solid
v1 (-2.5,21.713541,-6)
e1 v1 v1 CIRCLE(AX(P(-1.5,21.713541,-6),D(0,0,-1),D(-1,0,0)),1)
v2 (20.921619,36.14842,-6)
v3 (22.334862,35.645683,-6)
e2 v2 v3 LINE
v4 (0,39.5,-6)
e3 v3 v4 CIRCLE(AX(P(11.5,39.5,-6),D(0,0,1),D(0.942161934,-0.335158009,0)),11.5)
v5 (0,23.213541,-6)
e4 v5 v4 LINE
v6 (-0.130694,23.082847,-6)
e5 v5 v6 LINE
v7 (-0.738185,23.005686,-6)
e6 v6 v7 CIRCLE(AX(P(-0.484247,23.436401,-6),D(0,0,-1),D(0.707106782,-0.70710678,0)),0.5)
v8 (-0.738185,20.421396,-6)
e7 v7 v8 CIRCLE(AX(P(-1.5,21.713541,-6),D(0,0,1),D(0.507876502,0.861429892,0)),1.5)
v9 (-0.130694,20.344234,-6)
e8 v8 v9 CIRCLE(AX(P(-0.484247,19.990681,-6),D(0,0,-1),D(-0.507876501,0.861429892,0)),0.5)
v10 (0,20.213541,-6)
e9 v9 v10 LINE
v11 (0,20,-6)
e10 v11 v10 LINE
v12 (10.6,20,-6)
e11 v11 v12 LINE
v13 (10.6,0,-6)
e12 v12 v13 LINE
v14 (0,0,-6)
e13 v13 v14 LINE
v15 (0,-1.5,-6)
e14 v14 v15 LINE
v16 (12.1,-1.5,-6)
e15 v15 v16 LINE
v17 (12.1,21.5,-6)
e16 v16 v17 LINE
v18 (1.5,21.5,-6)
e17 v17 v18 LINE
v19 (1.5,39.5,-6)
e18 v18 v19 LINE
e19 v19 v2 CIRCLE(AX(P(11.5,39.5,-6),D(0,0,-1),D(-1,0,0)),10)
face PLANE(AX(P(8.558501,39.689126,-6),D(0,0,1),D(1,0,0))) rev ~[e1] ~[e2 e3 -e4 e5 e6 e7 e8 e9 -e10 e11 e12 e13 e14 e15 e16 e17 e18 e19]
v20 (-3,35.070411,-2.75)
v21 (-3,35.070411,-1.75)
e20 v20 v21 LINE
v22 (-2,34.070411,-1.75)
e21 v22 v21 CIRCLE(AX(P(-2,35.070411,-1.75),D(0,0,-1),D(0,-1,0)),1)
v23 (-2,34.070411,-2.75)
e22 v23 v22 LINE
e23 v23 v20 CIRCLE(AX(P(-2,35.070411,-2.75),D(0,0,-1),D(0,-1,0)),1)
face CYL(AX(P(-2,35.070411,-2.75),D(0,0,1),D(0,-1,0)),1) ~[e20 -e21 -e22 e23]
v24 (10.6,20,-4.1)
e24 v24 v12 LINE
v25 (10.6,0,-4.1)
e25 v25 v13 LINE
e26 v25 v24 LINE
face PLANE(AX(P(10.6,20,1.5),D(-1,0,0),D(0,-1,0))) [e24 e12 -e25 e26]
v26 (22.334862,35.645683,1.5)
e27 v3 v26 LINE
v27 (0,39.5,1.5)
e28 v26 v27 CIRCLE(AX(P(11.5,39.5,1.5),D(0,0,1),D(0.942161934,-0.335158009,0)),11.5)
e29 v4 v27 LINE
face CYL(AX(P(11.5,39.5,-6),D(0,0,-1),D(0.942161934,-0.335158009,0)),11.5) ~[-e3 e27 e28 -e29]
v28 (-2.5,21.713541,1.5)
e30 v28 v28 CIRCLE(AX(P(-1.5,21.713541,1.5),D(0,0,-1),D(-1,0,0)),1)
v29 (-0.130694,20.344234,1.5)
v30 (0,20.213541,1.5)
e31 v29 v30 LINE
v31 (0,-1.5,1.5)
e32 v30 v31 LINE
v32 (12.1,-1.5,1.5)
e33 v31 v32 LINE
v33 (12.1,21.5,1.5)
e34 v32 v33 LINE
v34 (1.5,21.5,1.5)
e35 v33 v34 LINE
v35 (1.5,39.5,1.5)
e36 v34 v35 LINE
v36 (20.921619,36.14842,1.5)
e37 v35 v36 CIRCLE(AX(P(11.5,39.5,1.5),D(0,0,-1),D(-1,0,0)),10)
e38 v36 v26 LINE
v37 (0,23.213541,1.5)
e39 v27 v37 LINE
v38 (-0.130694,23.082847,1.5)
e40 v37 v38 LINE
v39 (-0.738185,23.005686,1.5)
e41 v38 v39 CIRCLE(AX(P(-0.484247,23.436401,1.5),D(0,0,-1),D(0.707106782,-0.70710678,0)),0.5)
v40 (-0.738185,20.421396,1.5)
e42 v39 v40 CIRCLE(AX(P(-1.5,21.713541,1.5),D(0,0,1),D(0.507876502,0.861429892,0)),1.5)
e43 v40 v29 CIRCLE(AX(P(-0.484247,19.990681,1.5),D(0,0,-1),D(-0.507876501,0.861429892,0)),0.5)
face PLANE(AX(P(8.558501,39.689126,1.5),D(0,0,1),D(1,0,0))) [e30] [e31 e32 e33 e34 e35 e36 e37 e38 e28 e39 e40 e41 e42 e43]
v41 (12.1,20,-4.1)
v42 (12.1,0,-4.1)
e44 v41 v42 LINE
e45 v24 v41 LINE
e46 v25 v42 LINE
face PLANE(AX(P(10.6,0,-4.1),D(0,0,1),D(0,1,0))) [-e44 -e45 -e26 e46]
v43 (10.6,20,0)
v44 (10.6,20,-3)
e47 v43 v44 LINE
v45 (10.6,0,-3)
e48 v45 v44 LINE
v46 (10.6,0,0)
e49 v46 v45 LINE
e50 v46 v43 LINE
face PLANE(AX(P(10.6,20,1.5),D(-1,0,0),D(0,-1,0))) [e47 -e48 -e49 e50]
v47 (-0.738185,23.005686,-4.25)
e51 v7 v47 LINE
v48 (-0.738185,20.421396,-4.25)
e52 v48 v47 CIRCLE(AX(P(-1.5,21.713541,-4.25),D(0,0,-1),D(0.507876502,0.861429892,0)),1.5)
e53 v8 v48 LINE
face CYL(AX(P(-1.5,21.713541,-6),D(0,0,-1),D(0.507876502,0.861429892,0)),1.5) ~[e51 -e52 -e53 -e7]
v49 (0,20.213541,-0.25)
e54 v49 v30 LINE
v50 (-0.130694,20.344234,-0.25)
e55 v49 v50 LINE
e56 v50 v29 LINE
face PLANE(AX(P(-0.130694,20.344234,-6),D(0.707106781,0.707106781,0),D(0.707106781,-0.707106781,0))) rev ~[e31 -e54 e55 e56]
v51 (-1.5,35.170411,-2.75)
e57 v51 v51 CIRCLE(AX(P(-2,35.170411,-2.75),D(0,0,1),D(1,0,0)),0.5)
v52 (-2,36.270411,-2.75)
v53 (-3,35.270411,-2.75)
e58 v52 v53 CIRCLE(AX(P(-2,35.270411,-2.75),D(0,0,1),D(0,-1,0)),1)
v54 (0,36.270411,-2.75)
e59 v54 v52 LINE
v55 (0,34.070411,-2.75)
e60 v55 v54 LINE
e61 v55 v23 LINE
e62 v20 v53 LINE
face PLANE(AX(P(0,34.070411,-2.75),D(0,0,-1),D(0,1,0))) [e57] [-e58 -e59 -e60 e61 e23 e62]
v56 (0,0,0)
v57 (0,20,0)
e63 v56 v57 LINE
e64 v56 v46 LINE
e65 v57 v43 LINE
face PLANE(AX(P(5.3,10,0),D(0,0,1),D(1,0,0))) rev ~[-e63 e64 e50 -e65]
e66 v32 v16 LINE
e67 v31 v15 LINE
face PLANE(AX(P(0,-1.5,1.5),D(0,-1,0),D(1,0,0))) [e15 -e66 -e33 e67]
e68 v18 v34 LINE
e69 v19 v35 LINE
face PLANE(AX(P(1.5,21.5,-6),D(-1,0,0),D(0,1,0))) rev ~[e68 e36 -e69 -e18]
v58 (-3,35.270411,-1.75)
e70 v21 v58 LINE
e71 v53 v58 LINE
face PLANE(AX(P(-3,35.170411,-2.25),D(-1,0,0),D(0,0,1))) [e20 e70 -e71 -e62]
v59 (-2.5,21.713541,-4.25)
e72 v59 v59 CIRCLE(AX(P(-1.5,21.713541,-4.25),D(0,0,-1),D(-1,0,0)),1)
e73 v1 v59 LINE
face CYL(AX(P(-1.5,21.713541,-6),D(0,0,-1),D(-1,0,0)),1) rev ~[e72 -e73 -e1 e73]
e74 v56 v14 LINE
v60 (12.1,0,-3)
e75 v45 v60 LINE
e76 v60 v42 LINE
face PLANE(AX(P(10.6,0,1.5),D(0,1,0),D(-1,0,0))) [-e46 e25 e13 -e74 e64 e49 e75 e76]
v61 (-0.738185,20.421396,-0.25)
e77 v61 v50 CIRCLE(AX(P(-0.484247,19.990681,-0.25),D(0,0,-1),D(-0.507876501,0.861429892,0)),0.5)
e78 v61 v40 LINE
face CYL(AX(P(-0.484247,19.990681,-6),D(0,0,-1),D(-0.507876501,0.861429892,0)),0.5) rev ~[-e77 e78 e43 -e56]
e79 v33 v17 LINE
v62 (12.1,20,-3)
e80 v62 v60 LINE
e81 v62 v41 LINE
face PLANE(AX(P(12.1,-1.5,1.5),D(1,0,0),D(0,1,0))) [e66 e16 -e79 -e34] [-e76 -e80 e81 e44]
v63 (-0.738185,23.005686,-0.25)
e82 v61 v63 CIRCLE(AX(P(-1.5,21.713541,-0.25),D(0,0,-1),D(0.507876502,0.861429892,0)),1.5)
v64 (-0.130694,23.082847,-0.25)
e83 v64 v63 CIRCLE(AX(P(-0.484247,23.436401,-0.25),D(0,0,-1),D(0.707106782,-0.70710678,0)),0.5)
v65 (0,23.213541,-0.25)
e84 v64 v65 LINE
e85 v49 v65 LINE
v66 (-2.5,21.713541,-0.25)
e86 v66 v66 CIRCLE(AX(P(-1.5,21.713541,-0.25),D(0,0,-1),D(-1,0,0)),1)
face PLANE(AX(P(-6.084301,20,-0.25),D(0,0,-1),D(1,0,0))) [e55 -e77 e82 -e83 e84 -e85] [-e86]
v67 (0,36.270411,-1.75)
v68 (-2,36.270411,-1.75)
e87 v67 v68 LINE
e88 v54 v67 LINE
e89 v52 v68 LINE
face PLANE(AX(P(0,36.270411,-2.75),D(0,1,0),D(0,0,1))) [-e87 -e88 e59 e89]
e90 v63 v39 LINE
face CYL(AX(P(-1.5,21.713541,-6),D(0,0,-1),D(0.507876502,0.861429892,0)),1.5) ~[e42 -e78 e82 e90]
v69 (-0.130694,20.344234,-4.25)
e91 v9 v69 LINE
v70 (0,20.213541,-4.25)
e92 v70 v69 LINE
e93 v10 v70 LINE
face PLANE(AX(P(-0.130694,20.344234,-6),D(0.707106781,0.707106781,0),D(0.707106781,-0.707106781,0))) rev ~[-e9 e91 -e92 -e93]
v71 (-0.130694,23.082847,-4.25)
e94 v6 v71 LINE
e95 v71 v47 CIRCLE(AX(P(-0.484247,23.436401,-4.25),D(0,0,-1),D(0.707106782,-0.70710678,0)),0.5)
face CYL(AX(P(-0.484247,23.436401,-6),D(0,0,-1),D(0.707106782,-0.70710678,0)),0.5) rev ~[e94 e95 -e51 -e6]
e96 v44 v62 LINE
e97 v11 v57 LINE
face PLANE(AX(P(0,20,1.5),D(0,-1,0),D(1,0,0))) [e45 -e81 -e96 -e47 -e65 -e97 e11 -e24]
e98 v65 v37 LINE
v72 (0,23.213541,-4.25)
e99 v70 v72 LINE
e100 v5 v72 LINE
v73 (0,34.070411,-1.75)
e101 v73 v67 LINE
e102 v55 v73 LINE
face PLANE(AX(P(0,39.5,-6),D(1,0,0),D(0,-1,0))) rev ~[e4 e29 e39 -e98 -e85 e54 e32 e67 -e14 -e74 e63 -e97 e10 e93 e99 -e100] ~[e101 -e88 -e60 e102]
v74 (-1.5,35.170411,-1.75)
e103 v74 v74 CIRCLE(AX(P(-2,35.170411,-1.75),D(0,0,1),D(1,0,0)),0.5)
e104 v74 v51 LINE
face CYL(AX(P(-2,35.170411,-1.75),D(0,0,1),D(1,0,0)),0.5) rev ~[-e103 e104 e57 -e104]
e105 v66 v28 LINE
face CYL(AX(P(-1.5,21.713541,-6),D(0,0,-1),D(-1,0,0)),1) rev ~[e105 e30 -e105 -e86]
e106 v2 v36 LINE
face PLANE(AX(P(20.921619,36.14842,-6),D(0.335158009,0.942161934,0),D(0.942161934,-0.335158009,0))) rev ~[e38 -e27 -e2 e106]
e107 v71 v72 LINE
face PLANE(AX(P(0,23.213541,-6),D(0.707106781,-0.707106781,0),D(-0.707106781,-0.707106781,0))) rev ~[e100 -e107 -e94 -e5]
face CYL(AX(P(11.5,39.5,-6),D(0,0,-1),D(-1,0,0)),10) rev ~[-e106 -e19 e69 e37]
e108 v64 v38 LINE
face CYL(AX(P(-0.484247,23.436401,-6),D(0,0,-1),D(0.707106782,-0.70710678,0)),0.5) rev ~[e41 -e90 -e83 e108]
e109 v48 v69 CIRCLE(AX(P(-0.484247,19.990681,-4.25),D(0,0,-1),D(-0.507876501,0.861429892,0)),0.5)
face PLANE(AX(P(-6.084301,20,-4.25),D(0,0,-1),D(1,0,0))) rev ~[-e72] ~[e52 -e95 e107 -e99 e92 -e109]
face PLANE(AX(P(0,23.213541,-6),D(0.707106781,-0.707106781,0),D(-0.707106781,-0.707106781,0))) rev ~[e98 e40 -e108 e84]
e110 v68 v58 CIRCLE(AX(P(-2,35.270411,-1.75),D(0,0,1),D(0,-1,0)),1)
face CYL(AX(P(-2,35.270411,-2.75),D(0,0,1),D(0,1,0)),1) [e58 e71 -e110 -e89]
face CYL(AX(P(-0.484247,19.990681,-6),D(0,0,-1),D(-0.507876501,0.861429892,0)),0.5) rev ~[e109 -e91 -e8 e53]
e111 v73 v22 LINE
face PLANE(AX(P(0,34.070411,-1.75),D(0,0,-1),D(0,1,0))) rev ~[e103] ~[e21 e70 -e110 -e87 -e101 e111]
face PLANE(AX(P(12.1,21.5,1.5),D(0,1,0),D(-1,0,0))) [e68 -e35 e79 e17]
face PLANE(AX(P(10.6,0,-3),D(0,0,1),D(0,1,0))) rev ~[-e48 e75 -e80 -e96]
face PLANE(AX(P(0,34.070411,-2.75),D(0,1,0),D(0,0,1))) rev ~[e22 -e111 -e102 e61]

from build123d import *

# Parameters (mm, degrees)
CROQUIS1_W              = 10.6
CROQUIS1_H              = 20
SALIENTE_EXTRUIR1_DEPTH = 1.5
SALIENTE_EXTRUIR2_DEPTH = 7.5
CROQUIS23_W             = 1.1
CROQUIS23_H             = 20
CORTAR_EXTRUIR1_DEPTH   = 25.710524074
SALIENTE_EXTRUIR3_DEPTH = 7.5
CROQUIS25_R             = 1
SALIENTE_EXTRUIR5_DEPTH = 7.5
CROQUIS26_W             = 6.08430057
CROQUIS26_H             = 4
CORTAR_EXTRUIR2_DEPTH   = 7.5
CROQUIS27_W             = 1
CROQUIS27_H             = 2.2
SALIENTE_EXTRUIR6_DEPTH = 3
REDONDEO1_R             = 1
CROQUIS28_R             = 0.5
CORTAR_EXTRUIR3_DEPTH   = 5


with BuildPart() as part:
    # Croquis1 → Saliente-Extruir1 (new body)
    with BuildSketch(Plane.XY):
        with Locations((5.3, 10)):
            Rectangle(CROQUIS1_W, CROQUIS1_H)
    extrude(amount=SALIENTE_EXTRUIR1_DEPTH)

    # Croquis22 → Saliente-Extruir2 (add)
    with BuildSketch(Plane.XY.offset(1.5)):
        Polygon((0, -1.5), (12.1, -1.5), (12.1, 21.5), (0, 21.5), (0, 20), (10.6, 20), (10.6, 0), (0, 0), align=None)
    extrude(amount=-SALIENTE_EXTRUIR2_DEPTH)

    # Croquis23 → Cortar-Extruir1 (cut, through all)
    with BuildSketch(Plane.ZY.offset(-10.6)):
        with Locations((-3.55, 10)):
            Rectangle(CROQUIS23_W, CROQUIS23_H)
    extrude(amount=-CORTAR_EXTRUIR1_DEPTH, mode=Mode.SUBTRACT)

    # Croquis24 → Saliente-Extruir3 (add)
    with BuildSketch(Plane(origin=(0, 0, -6), x_dir=(-1, 0, 0), z_dir=(0, 0, -1))):
        with BuildLine():
            Line((-1.5, 21.5), (-1.5, 39.5))
            ThreePointArc((-1.5, 39.5), (-13.200559707, 49.354344051), (-20.921619337, 36.148419914))
            Line((-20.921619337, 36.148419914), (-22.334862237, 35.645682901))
            ThreePointArc((-22.334862237, 35.645682901), (-13.455643663, 50.832495659), (0, 39.5))
            Line((0, 39.5), (0, 21.5))
            Line((0, 21.5), (-1.5, 21.5))
        make_face()
    extrude(amount=-SALIENTE_EXTRUIR3_DEPTH)

    # Croquis25 → Saliente-Extruir5 (add)
    with BuildSketch(Plane(origin=(0, 0, -6), x_dir=(-1, 0, 0), z_dir=(0, 0, -1))):
        with BuildLine():
            Line((0, 20.21354083), (0, 23.21354083))
            Line((0, 23.21354083), (0.130693606, 23.082847224))
            ThreePointArc((0.130693606, 23.082847224), (0.421244851, 22.940385766), (0.738185248, 23.005685668))
            ThreePointArc((0.738185248, 23.005685668), (3, 21.71354083), (0.738185248, 20.421395992))
            ThreePointArc((0.738185248, 20.421395992), (0.421244851, 20.486695894), (0.130693606, 20.344234436))
            Line((0.130693606, 20.344234436), (0, 20.21354083))
        make_face()
        with Locations((1.5, 21.71354083)):
            Circle(CROQUIS25_R, mode=Mode.SUBTRACT)
    extrude(amount=-SALIENTE_EXTRUIR5_DEPTH)

    # Croquis26 → Cortar-Extruir2 (cut)
    with BuildSketch(Plane.XZ.offset(-20)):
        with Locations((-3.042150285, -2.25)):
            Rectangle(CROQUIS26_W, CROQUIS26_H)
    extrude(amount=-CORTAR_EXTRUIR2_DEPTH, mode=Mode.SUBTRACT)

    # Croquis27 → Saliente-Extruir6 (add)
    with BuildSketch(Plane.ZY):
        with Locations((-2.25, 35.170410703)):
            Rectangle(CROQUIS27_W, CROQUIS27_H)
    extrude(amount=SALIENTE_EXTRUIR6_DEPTH)

    # Redondeo1
    redondeo1_edges = [part.edges().sort_by_distance(p)[0] for p in [
        (-3, 34.070410703, -2.25),
        (-3, 36.270410703, -2.25),
    ]]
    fillet(redondeo1_edges, radius=REDONDEO1_R)

    # Croquis28 → Cortar-Extruir3 (cut)
    with BuildSketch(Plane.XY.offset(-1.75)):
        with Locations((-2, 35.170410703)):
            Circle(CROQUIS28_R)
    extrude(amount=-CORTAR_EXTRUIR3_DEPTH, mode=Mode.SUBTRACT)


solid = part.part
